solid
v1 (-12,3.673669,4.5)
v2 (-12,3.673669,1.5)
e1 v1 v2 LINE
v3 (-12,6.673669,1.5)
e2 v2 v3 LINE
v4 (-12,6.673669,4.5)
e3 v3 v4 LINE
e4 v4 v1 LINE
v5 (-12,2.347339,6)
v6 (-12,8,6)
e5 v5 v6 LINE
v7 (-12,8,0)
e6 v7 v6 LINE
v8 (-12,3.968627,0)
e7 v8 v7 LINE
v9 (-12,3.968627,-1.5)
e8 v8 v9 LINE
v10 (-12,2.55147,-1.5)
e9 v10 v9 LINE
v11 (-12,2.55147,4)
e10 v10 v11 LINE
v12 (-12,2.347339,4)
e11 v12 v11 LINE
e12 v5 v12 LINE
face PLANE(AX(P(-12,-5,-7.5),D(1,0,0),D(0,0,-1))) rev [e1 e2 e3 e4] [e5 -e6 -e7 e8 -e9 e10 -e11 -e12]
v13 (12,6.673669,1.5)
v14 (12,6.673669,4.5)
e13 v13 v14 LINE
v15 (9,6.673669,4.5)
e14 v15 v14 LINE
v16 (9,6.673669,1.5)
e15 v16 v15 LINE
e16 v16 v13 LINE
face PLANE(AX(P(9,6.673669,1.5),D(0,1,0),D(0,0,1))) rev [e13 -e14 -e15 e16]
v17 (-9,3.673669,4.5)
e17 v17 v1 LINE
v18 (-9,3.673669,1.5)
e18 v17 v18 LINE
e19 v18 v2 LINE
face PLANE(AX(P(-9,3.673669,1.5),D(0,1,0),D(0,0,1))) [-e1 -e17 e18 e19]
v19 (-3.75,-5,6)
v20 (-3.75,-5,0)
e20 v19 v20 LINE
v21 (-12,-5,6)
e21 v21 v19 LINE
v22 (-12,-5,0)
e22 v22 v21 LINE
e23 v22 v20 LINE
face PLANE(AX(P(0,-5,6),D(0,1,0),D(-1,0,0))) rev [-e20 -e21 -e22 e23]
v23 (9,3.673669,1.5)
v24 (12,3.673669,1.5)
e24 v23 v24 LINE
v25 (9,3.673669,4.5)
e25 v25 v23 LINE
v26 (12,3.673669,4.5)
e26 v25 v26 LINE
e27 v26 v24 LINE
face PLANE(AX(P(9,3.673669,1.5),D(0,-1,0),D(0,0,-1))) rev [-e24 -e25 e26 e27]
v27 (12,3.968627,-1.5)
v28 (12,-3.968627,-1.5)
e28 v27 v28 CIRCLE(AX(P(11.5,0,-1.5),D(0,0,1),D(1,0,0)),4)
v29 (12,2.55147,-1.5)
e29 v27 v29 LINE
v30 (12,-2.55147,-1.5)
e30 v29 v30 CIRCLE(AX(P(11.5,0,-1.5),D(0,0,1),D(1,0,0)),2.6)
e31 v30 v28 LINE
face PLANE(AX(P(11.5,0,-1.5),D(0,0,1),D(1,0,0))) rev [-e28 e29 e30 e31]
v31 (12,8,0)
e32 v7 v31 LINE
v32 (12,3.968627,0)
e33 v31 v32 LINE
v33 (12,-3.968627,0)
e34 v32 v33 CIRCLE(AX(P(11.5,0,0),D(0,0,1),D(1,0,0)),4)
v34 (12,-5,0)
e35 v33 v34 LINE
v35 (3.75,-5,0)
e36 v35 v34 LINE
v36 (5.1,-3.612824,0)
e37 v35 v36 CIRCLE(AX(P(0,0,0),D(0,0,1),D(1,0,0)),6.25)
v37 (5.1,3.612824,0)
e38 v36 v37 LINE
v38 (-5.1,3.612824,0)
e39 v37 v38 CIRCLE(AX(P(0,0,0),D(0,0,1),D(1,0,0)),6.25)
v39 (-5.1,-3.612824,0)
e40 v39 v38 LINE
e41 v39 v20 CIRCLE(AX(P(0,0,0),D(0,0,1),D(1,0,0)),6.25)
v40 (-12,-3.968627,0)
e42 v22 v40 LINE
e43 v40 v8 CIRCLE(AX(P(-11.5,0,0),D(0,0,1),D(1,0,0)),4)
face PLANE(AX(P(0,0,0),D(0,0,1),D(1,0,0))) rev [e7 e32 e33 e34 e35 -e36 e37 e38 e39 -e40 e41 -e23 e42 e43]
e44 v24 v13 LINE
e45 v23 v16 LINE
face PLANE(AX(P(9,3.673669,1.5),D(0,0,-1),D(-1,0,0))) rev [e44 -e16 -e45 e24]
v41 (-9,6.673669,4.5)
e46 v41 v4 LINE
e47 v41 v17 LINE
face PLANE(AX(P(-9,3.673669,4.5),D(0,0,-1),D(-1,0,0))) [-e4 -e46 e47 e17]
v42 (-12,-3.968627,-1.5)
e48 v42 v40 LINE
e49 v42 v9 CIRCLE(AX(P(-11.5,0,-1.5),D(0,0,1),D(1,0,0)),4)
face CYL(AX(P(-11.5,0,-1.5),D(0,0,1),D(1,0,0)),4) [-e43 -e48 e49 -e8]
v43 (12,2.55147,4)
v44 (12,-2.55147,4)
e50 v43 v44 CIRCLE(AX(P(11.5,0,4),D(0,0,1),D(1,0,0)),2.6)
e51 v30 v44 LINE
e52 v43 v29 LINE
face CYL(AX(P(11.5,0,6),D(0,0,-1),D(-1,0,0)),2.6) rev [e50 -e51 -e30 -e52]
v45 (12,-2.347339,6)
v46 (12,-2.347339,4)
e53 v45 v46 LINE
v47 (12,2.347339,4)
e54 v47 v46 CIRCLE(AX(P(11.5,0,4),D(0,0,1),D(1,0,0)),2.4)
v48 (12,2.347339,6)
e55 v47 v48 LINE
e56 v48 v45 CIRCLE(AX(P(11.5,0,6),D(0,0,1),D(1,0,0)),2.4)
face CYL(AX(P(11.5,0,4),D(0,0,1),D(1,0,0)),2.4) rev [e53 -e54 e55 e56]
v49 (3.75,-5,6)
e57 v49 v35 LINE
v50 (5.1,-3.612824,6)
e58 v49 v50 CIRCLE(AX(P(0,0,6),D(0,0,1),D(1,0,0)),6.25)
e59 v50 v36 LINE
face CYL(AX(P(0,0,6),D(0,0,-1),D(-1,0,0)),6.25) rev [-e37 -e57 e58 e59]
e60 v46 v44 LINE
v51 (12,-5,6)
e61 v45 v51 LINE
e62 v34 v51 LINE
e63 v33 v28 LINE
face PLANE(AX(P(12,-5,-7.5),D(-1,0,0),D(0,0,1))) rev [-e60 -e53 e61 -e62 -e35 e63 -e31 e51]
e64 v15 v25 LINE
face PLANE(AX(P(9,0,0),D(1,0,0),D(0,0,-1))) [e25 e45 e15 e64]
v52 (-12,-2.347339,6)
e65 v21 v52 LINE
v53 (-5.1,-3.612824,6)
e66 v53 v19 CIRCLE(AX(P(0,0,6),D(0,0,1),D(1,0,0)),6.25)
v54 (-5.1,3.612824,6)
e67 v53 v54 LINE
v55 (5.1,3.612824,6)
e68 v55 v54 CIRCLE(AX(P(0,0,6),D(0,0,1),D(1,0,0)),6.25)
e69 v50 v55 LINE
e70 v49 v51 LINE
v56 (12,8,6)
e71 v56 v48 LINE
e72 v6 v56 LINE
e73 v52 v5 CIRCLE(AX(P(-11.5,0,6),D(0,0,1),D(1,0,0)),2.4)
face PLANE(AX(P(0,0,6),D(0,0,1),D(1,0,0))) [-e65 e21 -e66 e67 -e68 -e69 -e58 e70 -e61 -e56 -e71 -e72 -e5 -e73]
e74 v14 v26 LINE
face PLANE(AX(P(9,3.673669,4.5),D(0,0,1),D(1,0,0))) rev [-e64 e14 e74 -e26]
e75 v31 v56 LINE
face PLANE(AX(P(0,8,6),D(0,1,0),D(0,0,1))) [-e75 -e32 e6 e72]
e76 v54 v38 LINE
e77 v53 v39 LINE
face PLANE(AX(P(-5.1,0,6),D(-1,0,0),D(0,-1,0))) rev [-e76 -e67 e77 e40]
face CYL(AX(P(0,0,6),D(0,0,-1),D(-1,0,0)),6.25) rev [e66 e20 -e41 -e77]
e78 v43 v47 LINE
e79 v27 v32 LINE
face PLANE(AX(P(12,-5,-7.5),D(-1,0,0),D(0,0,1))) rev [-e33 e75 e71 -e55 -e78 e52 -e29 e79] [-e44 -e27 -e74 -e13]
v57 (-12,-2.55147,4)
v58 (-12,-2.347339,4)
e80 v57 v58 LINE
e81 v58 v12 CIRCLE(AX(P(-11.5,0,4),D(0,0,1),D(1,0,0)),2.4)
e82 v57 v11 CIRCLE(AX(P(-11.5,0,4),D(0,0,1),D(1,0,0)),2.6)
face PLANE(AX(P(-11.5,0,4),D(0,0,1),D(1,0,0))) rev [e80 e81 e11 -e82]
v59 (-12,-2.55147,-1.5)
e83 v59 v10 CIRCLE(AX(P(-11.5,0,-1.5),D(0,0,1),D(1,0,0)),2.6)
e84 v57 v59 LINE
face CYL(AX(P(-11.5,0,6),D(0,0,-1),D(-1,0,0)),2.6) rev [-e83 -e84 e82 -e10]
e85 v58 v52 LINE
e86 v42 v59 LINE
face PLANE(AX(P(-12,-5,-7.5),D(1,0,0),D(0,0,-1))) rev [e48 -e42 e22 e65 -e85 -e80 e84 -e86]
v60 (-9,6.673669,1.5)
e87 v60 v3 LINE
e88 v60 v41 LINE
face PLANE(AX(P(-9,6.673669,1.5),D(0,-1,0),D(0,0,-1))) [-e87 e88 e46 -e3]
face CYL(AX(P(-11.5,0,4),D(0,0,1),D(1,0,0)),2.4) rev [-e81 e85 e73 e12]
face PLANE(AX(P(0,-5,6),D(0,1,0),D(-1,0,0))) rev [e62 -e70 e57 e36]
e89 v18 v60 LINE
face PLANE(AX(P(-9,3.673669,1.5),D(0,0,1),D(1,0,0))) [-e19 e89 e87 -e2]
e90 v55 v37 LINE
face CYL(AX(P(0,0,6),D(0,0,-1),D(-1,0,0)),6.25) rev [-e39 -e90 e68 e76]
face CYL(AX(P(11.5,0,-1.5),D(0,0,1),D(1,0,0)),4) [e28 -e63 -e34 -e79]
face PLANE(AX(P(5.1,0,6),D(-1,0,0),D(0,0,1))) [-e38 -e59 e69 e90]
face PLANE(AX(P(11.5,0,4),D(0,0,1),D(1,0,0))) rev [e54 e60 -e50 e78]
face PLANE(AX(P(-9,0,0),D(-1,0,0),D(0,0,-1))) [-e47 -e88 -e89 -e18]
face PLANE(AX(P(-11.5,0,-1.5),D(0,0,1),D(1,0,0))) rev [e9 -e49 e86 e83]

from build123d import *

# Parameters (mm, degrees)
SKETCH1_R            = 1
BOSS_EXTRUDE1_DEPTH  = 6
SKETCH2_R            = 2.6
CUT_EXTRUDE1_DEPTH   = 6
SKETCH3_W            = 7.6
SKETCH3_H            = 13
BOSS_EXTRUDE2_DEPTH  = 6
BOSS_EXTRUDE5_START  = -5
SKETCH6_W            = 3
SKETCH6_H            = 2
BOSS_EXTRUDE5_DEPTH  = 13
BOSS_EXTRUDE6_START  = -6
SKETCH10_R           = 4
SKETCH10_R_2         = 2.6
BOSS_EXTRUDE6_DEPTH  = 1.5
BOSS_EXTRUDE7_START  = -6
SKETCH12_R           = 2.6
SKETCH12_R_2         = 2.4
BOSS_EXTRUDE7_DEPTH  = 2
CUT_EXTRUDE2_DEPTH   = 7
SKETCH14_W           = 3
SKETCH14_H           = 6
CUT_EXTRUDE3_DEPTH   = 2
SKETCH15_W           = 0.2
SKETCH15_H           = 13
CUT_EXTRUDE5_DEPTH   = 7.5
SKETCH16_W           = 3
SKETCH16_H           = 3
CUT_EXTRUDE6_DEPTH   = 3
SKETCH17_W           = 2.8
SKETCH17_H           = 2.8
BOSS_EXTRUDE9_DEPTH  = 3
BOSS_EXTRUDE10_START = 24.4
SKETCH17_2_W         = 2.8
SKETCH17_2_H         = 2.8
BOSS_EXTRUDE10_DEPTH = 3
SKETCH18_W           = 5.7
SKETCH18_H           = 13
SKETCH18_W_2         = 13.3
CUT_EXTRUDE7_DEPTH   = 9
SKETCH19_W           = 3
SKETCH19_H           = 3
CUT_EXTRUDE8_DEPTH   = 3
CUT_EXTRUDE10_START  = -24
SKETCH19_3_W         = 3
SKETCH19_3_H         = 3
CUT_EXTRUDE10_DEPTH  = 3


with BuildPart() as part:
    # Sketch1 → Boss-Extrude1 (new body)
    with BuildSketch(Plane.XY):
        with BuildLine():
            ThreePointArc((3.75, -5), (4.47902769, -4.358991965), (5.1, -3.61282438))
            Line((5.1, -3.61282438), (5.1, 3.61282438))
            ThreePointArc((5.1, 3.61282438), (0, 6.25), (-5.1, 3.61282438))
            Line((-5.1, 3.61282438), (-5.1, -3.61282438))
            ThreePointArc((-5.1, -3.61282438), (-4.47902769, -4.358991965), (-3.75, -5))
            Line((-3.75, -5), (-14.7, -5))
            Line((-14.7, -5), (-14.7, 8))
            Line((-14.7, 8), (14.7, 8))
            Line((14.7, 8), (14.7, -5))
            Line((14.7, -5), (3.75, -5))
        make_face()
        with Locations((11.5, 0)):
            Circle(SKETCH1_R, mode=Mode.SUBTRACT)
        with Locations((-11.5, 0)):
            Circle(SKETCH1_R, mode=Mode.SUBTRACT)
    extrude(amount=BOSS_EXTRUDE1_DEPTH)

    # Sketch2 → Cut-Extrude1 (cut)
    with BuildSketch(Plane.XY):
        with Locations((-11.5, 0)):
            Circle(SKETCH2_R)
        with Locations((11.5, 0)):
            Circle(SKETCH2_R)
    extrude(amount=CUT_EXTRUDE1_DEPTH, mode=Mode.SUBTRACT)

    # Sketch3 → Boss-Extrude2 (add)
    with BuildSketch(Plane.XY):
        with Locations((-18.5, 1.5)):
            Rectangle(SKETCH3_W, SKETCH3_H)
    extrude(amount=BOSS_EXTRUDE2_DEPTH)

    # Sketch6 → Boss-Extrude5 (add)
    with BuildSketch(Plane(origin=(0, 0, 0), x_dir=(1, 0, 0), z_dir=(0, 1, 0)).offset(BOSS_EXTRUDE5_START)):
        with Locations((-23.8, -3)):
            Rectangle(SKETCH6_W, SKETCH6_H)
        with Locations((16.2, -3)):
            Rectangle(SKETCH6_W, SKETCH6_H)
    extrude(amount=BOSS_EXTRUDE5_DEPTH)

    # Sketch10 → Boss-Extrude6 (add)
    with BuildSketch(Plane.XY.offset(6).offset(BOSS_EXTRUDE6_START)):
        with Locations((-11.5, 0)):
            Circle(SKETCH10_R)
        with Locations((-11.5, 0)):
            Circle(SKETCH10_R_2, mode=Mode.SUBTRACT)
        with BuildLine():
            Line((14.7, 2.4), (14.7, -2.4))
            ThreePointArc((14.7, -2.4), (7.5, 0), (14.7, 2.4))
        make_face()
        with Locations((11.5, 0)):
            Circle(SKETCH10_R_2, mode=Mode.SUBTRACT)
    extrude(amount=-BOSS_EXTRUDE6_DEPTH)

    # Sketch12 → Boss-Extrude7 (add)
    with BuildSketch(Plane(origin=(0, 0, 0), x_dir=(-1, 0, 0), z_dir=(0, 0, -1)).offset(BOSS_EXTRUDE7_START)):
        with Locations((11.5, 0)):
            Circle(SKETCH12_R)
        with Locations((11.5, 0)):
            Circle(SKETCH12_R_2, mode=Mode.SUBTRACT)
        with Locations((-11.5, 0)):
            Circle(SKETCH12_R)
        with Locations((-11.5, 0)):
            Circle(SKETCH12_R_2, mode=Mode.SUBTRACT)
    extrude(amount=BOSS_EXTRUDE7_DEPTH)

    # Sketch13 → Cut-Extrude2 (cut)
    with BuildSketch(Plane.XZ.offset(5)):
        Polygon((-22.3, 0), (-16.3, 0), (-16.3, 2), (-17.8, 2), (-17.8, 6), (-20.8, 6), (-20.8, 2), (-22.3, 2), align=None)
    extrude(amount=-CUT_EXTRUDE2_DEPTH, mode=Mode.SUBTRACT)

    # Sketch14 → Cut-Extrude3 (cut)
    with BuildSketch(Plane(origin=(0, 0, 0), x_dir=(-1, 0, 0), z_dir=(0, 0, -1))):
        with Locations((19.3, 5)):
            Rectangle(SKETCH14_W, SKETCH14_H)
    extrude(amount=-CUT_EXTRUDE3_DEPTH, mode=Mode.SUBTRACT)

    # Sketch15 → Cut-Extrude5 (cut, symmetric)
    with BuildSketch(Plane.XY):
        with Locations((-12.1, 1.5)):
            Rectangle(SKETCH15_W, SKETCH15_H)
        with Locations((12.1, 1.5)):
            Rectangle(SKETCH15_W, SKETCH15_H)
    extrude(amount=CUT_EXTRUDE5_DEPTH, both=True, mode=Mode.SUBTRACT)

    # Sketch16 → Cut-Extrude6 (cut)
    with BuildSketch(Plane(origin=(12, 0, 0), x_dir=(0, 0, -1), z_dir=(1, 0, 0))):
        with Locations((-3, 5.173669459)):
            Rectangle(SKETCH16_W, SKETCH16_H)
    cut_extrude6 = extrude(amount=-CUT_EXTRUDE6_DEPTH, mode=Mode.SUBTRACT)

    # Mirror1: Cut-Extrude6 across plane
    add(cut_extrude6.mirror(Plane(origin=(0, 0, 0), x_dir=(0, 0, 1), z_dir=(1, 0, 0))), mode=Mode.SUBTRACT)

    # Sketch17 → Boss-Extrude9 (add)
    with BuildSketch(Plane(origin=(-12.2, 0, 0), x_dir=(0, 0, -1), z_dir=(1, 0, 0))):
        with Locations((-3, 5.173669459)):
            Rectangle(SKETCH17_W, SKETCH17_H)
    extrude(amount=BOSS_EXTRUDE9_DEPTH)

    # Sketch17<2> → Boss-Extrude10 (add)
    with BuildSketch(Plane(origin=(-12.2, 0, 0), x_dir=(0, 0, -1), z_dir=(1, 0, 0)).offset(BOSS_EXTRUDE10_START)):
        with Locations((-3, 5.173669459)):
            Rectangle(SKETCH17_2_W, SKETCH17_2_H)
    extrude(amount=-BOSS_EXTRUDE10_DEPTH)

    # Sketch18 → Cut-Extrude7 (cut, symmetric)
    with BuildSketch(Plane.XY):
        with Locations((14.85, 1.5)):
            Rectangle(SKETCH18_W, SKETCH18_H)
        with Locations((-18.65, 1.5)):
            Rectangle(SKETCH18_W_2, SKETCH18_H)
    extrude(amount=CUT_EXTRUDE7_DEPTH, both=True, mode=Mode.SUBTRACT)

    # Sketch19 → Cut-Extrude8 (cut)
    with BuildSketch(Plane(origin=(12, 0, 0), x_dir=(0, 0, -1), z_dir=(1, 0, 0))):
        with Locations((-3, 5.173669459)):
            Rectangle(SKETCH19_W, SKETCH19_H)
    extrude(amount=-CUT_EXTRUDE8_DEPTH, mode=Mode.SUBTRACT)

    # Sketch19<3> → Cut-Extrude10 (cut)
    with BuildSketch(Plane(origin=(12, 0, 0), x_dir=(0, 0, -1), z_dir=(1, 0, 0)).offset(CUT_EXTRUDE10_START)):
        with Locations((-3, 5.173669459)):
            Rectangle(SKETCH19_3_W, SKETCH19_3_H)
    extrude(amount=CUT_EXTRUDE10_DEPTH, mode=Mode.SUBTRACT)


solid = part.part
